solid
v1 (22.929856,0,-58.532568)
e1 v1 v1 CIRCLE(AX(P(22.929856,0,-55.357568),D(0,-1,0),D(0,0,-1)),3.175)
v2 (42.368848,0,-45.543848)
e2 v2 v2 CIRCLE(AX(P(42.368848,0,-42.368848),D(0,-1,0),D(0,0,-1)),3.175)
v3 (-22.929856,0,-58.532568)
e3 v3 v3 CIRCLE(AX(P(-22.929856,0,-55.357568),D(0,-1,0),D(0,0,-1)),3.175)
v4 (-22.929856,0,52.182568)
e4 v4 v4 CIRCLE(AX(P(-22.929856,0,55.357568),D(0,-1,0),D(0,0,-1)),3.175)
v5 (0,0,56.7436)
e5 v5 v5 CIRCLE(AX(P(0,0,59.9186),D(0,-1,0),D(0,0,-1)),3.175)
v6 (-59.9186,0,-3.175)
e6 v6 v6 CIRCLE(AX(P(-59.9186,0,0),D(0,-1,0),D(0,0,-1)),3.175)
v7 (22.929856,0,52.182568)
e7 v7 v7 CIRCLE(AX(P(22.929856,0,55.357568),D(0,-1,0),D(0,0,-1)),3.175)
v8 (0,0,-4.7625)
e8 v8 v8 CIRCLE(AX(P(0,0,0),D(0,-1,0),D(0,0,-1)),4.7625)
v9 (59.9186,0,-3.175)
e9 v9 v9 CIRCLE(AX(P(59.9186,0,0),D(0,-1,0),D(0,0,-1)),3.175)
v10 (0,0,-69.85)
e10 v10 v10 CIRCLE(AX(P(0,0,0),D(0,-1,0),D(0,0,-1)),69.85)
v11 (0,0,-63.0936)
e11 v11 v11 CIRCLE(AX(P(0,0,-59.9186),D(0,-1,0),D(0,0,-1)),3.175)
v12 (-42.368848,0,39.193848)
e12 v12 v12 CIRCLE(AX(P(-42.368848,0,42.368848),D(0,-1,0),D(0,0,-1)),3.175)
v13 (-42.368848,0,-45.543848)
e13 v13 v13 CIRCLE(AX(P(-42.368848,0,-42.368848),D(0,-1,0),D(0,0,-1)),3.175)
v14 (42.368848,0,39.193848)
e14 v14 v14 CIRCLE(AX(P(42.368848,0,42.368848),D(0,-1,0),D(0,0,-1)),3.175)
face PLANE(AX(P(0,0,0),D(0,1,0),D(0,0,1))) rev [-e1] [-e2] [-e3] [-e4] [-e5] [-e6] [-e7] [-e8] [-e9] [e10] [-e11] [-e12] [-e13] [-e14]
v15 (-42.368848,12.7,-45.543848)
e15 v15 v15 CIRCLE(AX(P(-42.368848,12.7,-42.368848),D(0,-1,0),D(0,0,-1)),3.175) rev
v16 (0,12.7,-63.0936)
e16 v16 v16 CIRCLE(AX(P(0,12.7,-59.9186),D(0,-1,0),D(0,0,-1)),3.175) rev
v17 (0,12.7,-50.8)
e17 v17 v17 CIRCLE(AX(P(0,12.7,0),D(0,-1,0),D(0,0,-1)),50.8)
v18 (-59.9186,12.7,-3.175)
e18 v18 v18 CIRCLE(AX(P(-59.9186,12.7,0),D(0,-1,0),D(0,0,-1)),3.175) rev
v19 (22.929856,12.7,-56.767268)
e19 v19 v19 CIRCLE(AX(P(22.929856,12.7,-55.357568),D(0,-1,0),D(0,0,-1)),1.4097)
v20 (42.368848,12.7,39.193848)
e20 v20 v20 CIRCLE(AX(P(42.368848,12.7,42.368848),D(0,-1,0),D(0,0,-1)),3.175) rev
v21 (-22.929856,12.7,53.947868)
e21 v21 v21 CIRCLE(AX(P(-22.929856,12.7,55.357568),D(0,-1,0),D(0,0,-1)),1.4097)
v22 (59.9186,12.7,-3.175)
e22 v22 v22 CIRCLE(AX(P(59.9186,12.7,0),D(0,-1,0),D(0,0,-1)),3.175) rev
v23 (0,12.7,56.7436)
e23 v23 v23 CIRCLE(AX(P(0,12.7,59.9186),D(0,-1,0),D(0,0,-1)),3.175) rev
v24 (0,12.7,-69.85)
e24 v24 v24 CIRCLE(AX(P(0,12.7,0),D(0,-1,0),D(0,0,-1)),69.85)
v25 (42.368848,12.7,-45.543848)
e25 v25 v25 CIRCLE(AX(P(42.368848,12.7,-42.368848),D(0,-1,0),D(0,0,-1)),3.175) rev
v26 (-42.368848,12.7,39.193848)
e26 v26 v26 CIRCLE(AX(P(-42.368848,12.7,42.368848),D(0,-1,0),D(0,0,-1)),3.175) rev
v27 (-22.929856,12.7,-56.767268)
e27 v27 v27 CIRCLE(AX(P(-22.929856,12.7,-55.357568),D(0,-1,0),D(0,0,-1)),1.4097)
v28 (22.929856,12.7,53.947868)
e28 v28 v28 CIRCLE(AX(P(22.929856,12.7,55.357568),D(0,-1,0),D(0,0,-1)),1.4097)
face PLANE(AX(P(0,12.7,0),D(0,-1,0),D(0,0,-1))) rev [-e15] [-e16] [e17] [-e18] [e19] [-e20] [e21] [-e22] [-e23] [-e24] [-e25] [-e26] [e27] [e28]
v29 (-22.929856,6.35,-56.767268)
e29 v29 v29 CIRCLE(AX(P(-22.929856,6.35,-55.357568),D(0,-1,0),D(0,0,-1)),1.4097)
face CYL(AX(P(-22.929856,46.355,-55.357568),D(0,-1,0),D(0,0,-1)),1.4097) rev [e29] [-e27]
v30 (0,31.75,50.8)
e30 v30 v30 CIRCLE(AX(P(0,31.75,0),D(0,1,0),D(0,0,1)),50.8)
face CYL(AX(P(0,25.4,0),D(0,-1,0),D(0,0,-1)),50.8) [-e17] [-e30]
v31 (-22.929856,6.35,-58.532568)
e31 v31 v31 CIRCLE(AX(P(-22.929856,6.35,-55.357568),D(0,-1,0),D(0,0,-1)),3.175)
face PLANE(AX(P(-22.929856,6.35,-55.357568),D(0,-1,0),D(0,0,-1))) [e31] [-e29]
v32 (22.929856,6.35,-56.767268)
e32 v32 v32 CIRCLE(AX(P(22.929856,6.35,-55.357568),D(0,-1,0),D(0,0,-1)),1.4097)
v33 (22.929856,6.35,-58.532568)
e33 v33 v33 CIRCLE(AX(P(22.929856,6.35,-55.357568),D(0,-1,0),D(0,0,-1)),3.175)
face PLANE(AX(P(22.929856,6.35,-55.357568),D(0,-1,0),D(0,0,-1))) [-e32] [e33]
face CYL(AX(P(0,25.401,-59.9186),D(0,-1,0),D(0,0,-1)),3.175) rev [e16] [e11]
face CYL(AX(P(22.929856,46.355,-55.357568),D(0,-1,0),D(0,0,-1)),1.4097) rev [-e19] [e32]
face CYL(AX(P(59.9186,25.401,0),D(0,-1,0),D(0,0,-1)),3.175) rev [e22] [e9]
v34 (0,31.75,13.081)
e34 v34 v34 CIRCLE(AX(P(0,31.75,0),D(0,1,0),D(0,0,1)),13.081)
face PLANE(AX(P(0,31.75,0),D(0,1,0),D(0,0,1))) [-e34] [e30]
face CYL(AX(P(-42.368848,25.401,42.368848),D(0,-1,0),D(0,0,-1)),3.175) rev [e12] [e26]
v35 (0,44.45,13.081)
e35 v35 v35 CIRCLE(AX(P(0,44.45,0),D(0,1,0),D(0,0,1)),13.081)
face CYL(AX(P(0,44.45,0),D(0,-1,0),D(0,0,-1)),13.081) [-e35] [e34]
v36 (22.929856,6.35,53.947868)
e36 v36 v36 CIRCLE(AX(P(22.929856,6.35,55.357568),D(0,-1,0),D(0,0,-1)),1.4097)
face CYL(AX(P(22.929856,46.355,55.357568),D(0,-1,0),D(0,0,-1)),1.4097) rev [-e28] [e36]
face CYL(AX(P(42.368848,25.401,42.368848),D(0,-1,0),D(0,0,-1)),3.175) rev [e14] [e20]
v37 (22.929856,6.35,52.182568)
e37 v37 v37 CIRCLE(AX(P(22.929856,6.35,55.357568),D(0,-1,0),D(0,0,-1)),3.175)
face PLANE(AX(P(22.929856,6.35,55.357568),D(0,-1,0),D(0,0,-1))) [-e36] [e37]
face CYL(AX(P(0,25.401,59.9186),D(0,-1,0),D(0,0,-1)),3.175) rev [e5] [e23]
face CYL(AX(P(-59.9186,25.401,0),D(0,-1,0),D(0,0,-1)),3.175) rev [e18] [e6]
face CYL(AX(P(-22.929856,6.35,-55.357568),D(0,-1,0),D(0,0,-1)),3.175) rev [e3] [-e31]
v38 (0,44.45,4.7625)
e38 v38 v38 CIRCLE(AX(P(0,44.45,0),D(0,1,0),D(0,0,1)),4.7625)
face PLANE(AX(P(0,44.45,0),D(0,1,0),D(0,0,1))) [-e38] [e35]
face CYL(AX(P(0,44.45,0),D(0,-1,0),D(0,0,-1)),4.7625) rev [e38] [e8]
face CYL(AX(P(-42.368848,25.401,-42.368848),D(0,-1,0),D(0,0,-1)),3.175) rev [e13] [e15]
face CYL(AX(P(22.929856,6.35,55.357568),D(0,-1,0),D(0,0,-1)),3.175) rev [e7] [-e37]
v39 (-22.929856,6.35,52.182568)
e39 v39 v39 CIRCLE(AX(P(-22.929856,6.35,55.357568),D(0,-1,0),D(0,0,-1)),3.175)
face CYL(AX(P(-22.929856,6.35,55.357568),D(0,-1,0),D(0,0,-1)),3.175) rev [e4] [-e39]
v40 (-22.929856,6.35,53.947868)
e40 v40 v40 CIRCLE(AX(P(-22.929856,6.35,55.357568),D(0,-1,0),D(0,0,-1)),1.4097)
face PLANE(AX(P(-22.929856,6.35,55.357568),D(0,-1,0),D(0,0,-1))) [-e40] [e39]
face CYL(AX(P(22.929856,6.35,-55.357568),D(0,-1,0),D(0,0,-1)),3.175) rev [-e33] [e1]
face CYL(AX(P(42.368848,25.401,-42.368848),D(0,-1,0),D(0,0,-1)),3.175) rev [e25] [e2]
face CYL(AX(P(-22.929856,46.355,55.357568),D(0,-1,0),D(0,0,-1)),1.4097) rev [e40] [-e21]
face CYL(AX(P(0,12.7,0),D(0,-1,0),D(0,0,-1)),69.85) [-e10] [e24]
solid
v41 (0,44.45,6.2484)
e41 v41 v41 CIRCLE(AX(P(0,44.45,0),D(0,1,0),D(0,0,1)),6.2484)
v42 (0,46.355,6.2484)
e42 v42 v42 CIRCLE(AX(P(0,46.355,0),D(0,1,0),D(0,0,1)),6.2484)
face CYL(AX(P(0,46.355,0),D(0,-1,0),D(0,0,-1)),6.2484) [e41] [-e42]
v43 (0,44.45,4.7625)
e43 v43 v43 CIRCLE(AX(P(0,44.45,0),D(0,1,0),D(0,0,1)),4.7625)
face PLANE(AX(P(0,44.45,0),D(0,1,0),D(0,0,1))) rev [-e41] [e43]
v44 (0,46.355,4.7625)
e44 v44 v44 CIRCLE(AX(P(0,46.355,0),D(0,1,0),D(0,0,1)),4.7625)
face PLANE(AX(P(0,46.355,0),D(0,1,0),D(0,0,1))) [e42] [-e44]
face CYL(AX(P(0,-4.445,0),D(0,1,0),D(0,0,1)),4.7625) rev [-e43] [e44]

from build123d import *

# Parameters (mm, degrees)
SKETCH1_R           = 50.8
BOSS_EXTRUDE1_DEPTH = 25.4
SKETCH2_R           = 69.85
SKETCH2_R_2         = 50.8
BOSS_EXTRUDE2_DEPTH = 12.7
CUT_EXTRUDE2_REACH  = 27.4
SKETCH4_R           = 3.175
SKETCH5_R           = 12.827
CUT_EXTRUDE3_DEPTH  = 19.05
CUT_EXTRUDE4_REACH  = 8.35
SKETCH6_R           = 1.5875
SKETCH34_R          = 13.081
SKETCH34_R_2        = 4.7625
BOSS_EXTRUDE3_DEPTH = 19.05
SKETCH40_R          = 50.8
BOSS_EXTRUDE5_DEPTH = 6.35
SKETCH38_R          = 6.2484
BOSS_EXTRUDE4_DEPTH = 1.905
SKETCH39_R          = 4.7625
CUT_EXTRUDE7_DEPTH  = 50.8
SKETCH41_R          = 4.7625
CUT_EXTRUDE8_DEPTH  = 6.35
SKETCH46_R          = 3.175
CUT_EXTRUDE10_DEPTH = 6.35
CUT_EXTRUDE11_START = 6.477
SKETCH49_R          = 23.8252
CUT_EXTRUDE11_DEPTH = 3.937
SKETCH50_R          = 1.4097
CUT_EXTRUDE12_DEPTH = 41.005
SKETCH51_R          = 44.45
CUT_EXTRUDE13_DEPTH = 25.4
SKETCH52_R          = 44.45
SKETCH52_R_2        = 4.7625
BOSS_EXTRUDE6_DEPTH = 25.4


with BuildPart() as part:
    # Sketch1 → Boss-Extrude1 (new body)
    with BuildSketch(Plane(origin=(0, 0, 0), x_dir=(1, 0, 0), z_dir=(0, 1, 0))):
        Circle(SKETCH1_R)
    extrude(amount=BOSS_EXTRUDE1_DEPTH)

    # Sketch2 → Boss-Extrude2 (add)
    with BuildSketch(Plane.XZ):
        Circle(SKETCH2_R)
        Circle(SKETCH2_R_2, mode=Mode.SUBTRACT)
    extrude(amount=-BOSS_EXTRUDE2_DEPTH)

    # Sketch4 → Cut-Extrude2 (cut, up to next)
    with BuildSketch(Plane.XZ, mode=Mode.PRIVATE) as cut_extrude2_sk1:
        with Locations((0, -59.9186)):
            Circle(SKETCH4_R)
    cut_extrude2_tool1 = extrude(cut_extrude2_sk1.sketch, amount=-CUT_EXTRUDE2_REACH, mode=Mode.PRIVATE) & part.part
    add(cut_extrude2_tool1.solids().sort_by_distance((0, 0, -59.9186))[0], mode=Mode.SUBTRACT)
    # Sketch4 → Cut-Extrude2 (cut, up to next)
    with BuildSketch(Plane.XZ, mode=Mode.PRIVATE) as cut_extrude2_sk2:
        with Locations((-42.368848379, -42.368848379)):
            Circle(SKETCH4_R)
    cut_extrude2_tool2 = extrude(cut_extrude2_sk2.sketch, amount=-CUT_EXTRUDE2_REACH, mode=Mode.PRIVATE) & part.part
    add(cut_extrude2_tool2.solids().sort_by_distance((-42.368848, 0, -42.368848))[0], mode=Mode.SUBTRACT)
    # Sketch4 → Cut-Extrude2 (cut, up to next)
    with BuildSketch(Plane.XZ, mode=Mode.PRIVATE) as cut_extrude2_sk3:
        with Locations((-59.9186, 0)):
            Circle(SKETCH4_R)
    cut_extrude2_tool3 = extrude(cut_extrude2_sk3.sketch, amount=-CUT_EXTRUDE2_REACH, mode=Mode.PRIVATE) & part.part
    add(cut_extrude2_tool3.solids().sort_by_distance((-59.9186, 0, 0))[0], mode=Mode.SUBTRACT)
    # Sketch4 → Cut-Extrude2 (cut, up to next)
    with BuildSketch(Plane.XZ, mode=Mode.PRIVATE) as cut_extrude2_sk4:
        with Locations((-42.368848379, 42.368848379)):
            Circle(SKETCH4_R)
    cut_extrude2_tool4 = extrude(cut_extrude2_sk4.sketch, amount=-CUT_EXTRUDE2_REACH, mode=Mode.PRIVATE) & part.part
    add(cut_extrude2_tool4.solids().sort_by_distance((-42.368848, 0, 42.368848))[0], mode=Mode.SUBTRACT)
    # Sketch4 → Cut-Extrude2 (cut, up to next)
    with BuildSketch(Plane.XZ, mode=Mode.PRIVATE) as cut_extrude2_sk5:
        with Locations((0, 59.9186)):
            Circle(SKETCH4_R)
    cut_extrude2_tool5 = extrude(cut_extrude2_sk5.sketch, amount=-CUT_EXTRUDE2_REACH, mode=Mode.PRIVATE) & part.part
    add(cut_extrude2_tool5.solids().sort_by_distance((0, 0, 59.9186))[0], mode=Mode.SUBTRACT)
    # Sketch4 → Cut-Extrude2 (cut, up to next)
    with BuildSketch(Plane.XZ, mode=Mode.PRIVATE) as cut_extrude2_sk6:
        with Locations((42.368848379, 42.368848379)):
            Circle(SKETCH4_R)
    cut_extrude2_tool6 = extrude(cut_extrude2_sk6.sketch, amount=-CUT_EXTRUDE2_REACH, mode=Mode.PRIVATE) & part.part
    add(cut_extrude2_tool6.solids().sort_by_distance((42.368848, 0, 42.368848))[0], mode=Mode.SUBTRACT)
    # Sketch4 → Cut-Extrude2 (cut, up to next)
    with BuildSketch(Plane.XZ, mode=Mode.PRIVATE) as cut_extrude2_sk7:
        with Locations((59.9186, 0)):
            Circle(SKETCH4_R)
    cut_extrude2_tool7 = extrude(cut_extrude2_sk7.sketch, amount=-CUT_EXTRUDE2_REACH, mode=Mode.PRIVATE) & part.part
    add(cut_extrude2_tool7.solids().sort_by_distance((59.9186, 0, 0))[0], mode=Mode.SUBTRACT)
    # Sketch4 → Cut-Extrude2 (cut, up to next)
    with BuildSketch(Plane.XZ, mode=Mode.PRIVATE) as cut_extrude2_sk8:
        with Locations((42.368848379, -42.368848379)):
            Circle(SKETCH4_R)
    cut_extrude2_tool8 = extrude(cut_extrude2_sk8.sketch, amount=-CUT_EXTRUDE2_REACH, mode=Mode.PRIVATE) & part.part
    add(cut_extrude2_tool8.solids().sort_by_distance((42.368848, 0, -42.368848))[0], mode=Mode.SUBTRACT)

    # Sketch5 → Cut-Extrude3 (cut)
    with BuildSketch(Plane(origin=(0, 25.4, 0), x_dir=(1, 0, 0), z_dir=(0, 1, 0))):
        Circle(SKETCH5_R)
    extrude(amount=-CUT_EXTRUDE3_DEPTH, mode=Mode.SUBTRACT)

    # Sketch6 → Cut-Extrude4 (cut, up to next)
    with BuildSketch(Plane(origin=(0, 6.35, 0), x_dir=(1, 0, 0), z_dir=(0, 1, 0)), mode=Mode.PRIVATE) as cut_extrude4_sk1:
        Circle(SKETCH6_R)
    cut_extrude4_tool1 = extrude(cut_extrude4_sk1.sketch, amount=-CUT_EXTRUDE4_REACH, mode=Mode.PRIVATE) & part.part
    add(cut_extrude4_tool1.solids().sort_by_distance((0, 6.35, 0))[0], mode=Mode.SUBTRACT)

    # Sketch34 → Boss-Extrude3 (add)
    with BuildSketch(Plane(origin=(0, 25.4, 0), x_dir=(1, 0, 0), z_dir=(0, 1, 0))):
        Circle(SKETCH34_R)
        Circle(SKETCH34_R_2, mode=Mode.SUBTRACT)
    extrude(amount=BOSS_EXTRUDE3_DEPTH)

    # Sketch40 → Boss-Extrude5 (add)
    with BuildSketch(Plane(origin=(0, 25.4, 0), x_dir=(1, 0, 0), z_dir=(0, 1, 0))):
        Circle(SKETCH40_R)
    extrude(amount=BOSS_EXTRUDE5_DEPTH)

    # Sketch41 → Cut-Extrude8 (cut)
    with BuildSketch(Plane(origin=(0, 31.75, 0), x_dir=(1, 0, 0), z_dir=(0, 1, 0))):
        Circle(SKETCH41_R)
    extrude(amount=-CUT_EXTRUDE8_DEPTH, mode=Mode.SUBTRACT)

    # Sketch46 → Cut-Extrude10 (cut)
    with BuildSketch(Plane.XZ):
        with Locations((-22.929855511, 55.357568157)):
            Circle(SKETCH46_R)
        with Locations((22.929855511, 55.357568157)):
            Circle(SKETCH46_R)
        with Locations((-22.929855511, -55.357568157)):
            Circle(SKETCH46_R)
        with Locations((22.929855511, -55.357568157)):
            Circle(SKETCH46_R)
    extrude(amount=-CUT_EXTRUDE10_DEPTH, mode=Mode.SUBTRACT)

    # Sketch49 → Cut-Extrude11 (cut)
    with BuildSketch(Plane.XZ.offset(-6.477).offset(CUT_EXTRUDE11_START)):
        Circle(SKETCH49_R)
    extrude(amount=-CUT_EXTRUDE11_DEPTH, mode=Mode.SUBTRACT)

    # Sketch50 → Cut-Extrude12 (cut, through all)
    with BuildSketch(Plane.XZ.offset(-6.35)):
        with Locations((-22.929855511, 55.357568157)):
            Circle(SKETCH50_R)
        with Locations((22.929855511, 55.357568157)):
            Circle(SKETCH50_R)
        with Locations((-22.929855511, -55.357568157)):
            Circle(SKETCH50_R)
        with Locations((22.929855511, -55.357568157)):
            Circle(SKETCH50_R)
    extrude(amount=-CUT_EXTRUDE12_DEPTH, mode=Mode.SUBTRACT)

    # Sketch51 → Cut-Extrude13 (cut)
    with BuildSketch(Plane.XZ):
        Circle(SKETCH51_R)
    extrude(amount=-CUT_EXTRUDE13_DEPTH, mode=Mode.SUBTRACT)

    # Sketch52 → Boss-Extrude6 (add)
    with BuildSketch(Plane(origin=(0, 0, 0), x_dir=(-1, 0, 0), z_dir=(0, -1, 0))):
        Circle(SKETCH52_R)
        Circle(SKETCH52_R_2, mode=Mode.SUBTRACT)
    extrude(amount=-BOSS_EXTRUDE6_DEPTH)


with BuildPart() as body_2:
    # Sketch38 → Boss-Extrude4 (new body)
    with BuildSketch(Plane(origin=(0, 44.45, 0), x_dir=(1, 0, 0), z_dir=(0, 1, 0))):
        Circle(SKETCH38_R)
    extrude(amount=BOSS_EXTRUDE4_DEPTH)

    # Sketch39 → Cut-Extrude7 (cut)
    with BuildSketch(Plane(origin=(0, 46.355, 0), x_dir=(1, 0, 0), z_dir=(0, 1, 0))):
        Circle(SKETCH39_R)
    extrude(amount=-CUT_EXTRUDE7_DEPTH, mode=Mode.SUBTRACT)


solid = Compound([part.part, body_2.part])
